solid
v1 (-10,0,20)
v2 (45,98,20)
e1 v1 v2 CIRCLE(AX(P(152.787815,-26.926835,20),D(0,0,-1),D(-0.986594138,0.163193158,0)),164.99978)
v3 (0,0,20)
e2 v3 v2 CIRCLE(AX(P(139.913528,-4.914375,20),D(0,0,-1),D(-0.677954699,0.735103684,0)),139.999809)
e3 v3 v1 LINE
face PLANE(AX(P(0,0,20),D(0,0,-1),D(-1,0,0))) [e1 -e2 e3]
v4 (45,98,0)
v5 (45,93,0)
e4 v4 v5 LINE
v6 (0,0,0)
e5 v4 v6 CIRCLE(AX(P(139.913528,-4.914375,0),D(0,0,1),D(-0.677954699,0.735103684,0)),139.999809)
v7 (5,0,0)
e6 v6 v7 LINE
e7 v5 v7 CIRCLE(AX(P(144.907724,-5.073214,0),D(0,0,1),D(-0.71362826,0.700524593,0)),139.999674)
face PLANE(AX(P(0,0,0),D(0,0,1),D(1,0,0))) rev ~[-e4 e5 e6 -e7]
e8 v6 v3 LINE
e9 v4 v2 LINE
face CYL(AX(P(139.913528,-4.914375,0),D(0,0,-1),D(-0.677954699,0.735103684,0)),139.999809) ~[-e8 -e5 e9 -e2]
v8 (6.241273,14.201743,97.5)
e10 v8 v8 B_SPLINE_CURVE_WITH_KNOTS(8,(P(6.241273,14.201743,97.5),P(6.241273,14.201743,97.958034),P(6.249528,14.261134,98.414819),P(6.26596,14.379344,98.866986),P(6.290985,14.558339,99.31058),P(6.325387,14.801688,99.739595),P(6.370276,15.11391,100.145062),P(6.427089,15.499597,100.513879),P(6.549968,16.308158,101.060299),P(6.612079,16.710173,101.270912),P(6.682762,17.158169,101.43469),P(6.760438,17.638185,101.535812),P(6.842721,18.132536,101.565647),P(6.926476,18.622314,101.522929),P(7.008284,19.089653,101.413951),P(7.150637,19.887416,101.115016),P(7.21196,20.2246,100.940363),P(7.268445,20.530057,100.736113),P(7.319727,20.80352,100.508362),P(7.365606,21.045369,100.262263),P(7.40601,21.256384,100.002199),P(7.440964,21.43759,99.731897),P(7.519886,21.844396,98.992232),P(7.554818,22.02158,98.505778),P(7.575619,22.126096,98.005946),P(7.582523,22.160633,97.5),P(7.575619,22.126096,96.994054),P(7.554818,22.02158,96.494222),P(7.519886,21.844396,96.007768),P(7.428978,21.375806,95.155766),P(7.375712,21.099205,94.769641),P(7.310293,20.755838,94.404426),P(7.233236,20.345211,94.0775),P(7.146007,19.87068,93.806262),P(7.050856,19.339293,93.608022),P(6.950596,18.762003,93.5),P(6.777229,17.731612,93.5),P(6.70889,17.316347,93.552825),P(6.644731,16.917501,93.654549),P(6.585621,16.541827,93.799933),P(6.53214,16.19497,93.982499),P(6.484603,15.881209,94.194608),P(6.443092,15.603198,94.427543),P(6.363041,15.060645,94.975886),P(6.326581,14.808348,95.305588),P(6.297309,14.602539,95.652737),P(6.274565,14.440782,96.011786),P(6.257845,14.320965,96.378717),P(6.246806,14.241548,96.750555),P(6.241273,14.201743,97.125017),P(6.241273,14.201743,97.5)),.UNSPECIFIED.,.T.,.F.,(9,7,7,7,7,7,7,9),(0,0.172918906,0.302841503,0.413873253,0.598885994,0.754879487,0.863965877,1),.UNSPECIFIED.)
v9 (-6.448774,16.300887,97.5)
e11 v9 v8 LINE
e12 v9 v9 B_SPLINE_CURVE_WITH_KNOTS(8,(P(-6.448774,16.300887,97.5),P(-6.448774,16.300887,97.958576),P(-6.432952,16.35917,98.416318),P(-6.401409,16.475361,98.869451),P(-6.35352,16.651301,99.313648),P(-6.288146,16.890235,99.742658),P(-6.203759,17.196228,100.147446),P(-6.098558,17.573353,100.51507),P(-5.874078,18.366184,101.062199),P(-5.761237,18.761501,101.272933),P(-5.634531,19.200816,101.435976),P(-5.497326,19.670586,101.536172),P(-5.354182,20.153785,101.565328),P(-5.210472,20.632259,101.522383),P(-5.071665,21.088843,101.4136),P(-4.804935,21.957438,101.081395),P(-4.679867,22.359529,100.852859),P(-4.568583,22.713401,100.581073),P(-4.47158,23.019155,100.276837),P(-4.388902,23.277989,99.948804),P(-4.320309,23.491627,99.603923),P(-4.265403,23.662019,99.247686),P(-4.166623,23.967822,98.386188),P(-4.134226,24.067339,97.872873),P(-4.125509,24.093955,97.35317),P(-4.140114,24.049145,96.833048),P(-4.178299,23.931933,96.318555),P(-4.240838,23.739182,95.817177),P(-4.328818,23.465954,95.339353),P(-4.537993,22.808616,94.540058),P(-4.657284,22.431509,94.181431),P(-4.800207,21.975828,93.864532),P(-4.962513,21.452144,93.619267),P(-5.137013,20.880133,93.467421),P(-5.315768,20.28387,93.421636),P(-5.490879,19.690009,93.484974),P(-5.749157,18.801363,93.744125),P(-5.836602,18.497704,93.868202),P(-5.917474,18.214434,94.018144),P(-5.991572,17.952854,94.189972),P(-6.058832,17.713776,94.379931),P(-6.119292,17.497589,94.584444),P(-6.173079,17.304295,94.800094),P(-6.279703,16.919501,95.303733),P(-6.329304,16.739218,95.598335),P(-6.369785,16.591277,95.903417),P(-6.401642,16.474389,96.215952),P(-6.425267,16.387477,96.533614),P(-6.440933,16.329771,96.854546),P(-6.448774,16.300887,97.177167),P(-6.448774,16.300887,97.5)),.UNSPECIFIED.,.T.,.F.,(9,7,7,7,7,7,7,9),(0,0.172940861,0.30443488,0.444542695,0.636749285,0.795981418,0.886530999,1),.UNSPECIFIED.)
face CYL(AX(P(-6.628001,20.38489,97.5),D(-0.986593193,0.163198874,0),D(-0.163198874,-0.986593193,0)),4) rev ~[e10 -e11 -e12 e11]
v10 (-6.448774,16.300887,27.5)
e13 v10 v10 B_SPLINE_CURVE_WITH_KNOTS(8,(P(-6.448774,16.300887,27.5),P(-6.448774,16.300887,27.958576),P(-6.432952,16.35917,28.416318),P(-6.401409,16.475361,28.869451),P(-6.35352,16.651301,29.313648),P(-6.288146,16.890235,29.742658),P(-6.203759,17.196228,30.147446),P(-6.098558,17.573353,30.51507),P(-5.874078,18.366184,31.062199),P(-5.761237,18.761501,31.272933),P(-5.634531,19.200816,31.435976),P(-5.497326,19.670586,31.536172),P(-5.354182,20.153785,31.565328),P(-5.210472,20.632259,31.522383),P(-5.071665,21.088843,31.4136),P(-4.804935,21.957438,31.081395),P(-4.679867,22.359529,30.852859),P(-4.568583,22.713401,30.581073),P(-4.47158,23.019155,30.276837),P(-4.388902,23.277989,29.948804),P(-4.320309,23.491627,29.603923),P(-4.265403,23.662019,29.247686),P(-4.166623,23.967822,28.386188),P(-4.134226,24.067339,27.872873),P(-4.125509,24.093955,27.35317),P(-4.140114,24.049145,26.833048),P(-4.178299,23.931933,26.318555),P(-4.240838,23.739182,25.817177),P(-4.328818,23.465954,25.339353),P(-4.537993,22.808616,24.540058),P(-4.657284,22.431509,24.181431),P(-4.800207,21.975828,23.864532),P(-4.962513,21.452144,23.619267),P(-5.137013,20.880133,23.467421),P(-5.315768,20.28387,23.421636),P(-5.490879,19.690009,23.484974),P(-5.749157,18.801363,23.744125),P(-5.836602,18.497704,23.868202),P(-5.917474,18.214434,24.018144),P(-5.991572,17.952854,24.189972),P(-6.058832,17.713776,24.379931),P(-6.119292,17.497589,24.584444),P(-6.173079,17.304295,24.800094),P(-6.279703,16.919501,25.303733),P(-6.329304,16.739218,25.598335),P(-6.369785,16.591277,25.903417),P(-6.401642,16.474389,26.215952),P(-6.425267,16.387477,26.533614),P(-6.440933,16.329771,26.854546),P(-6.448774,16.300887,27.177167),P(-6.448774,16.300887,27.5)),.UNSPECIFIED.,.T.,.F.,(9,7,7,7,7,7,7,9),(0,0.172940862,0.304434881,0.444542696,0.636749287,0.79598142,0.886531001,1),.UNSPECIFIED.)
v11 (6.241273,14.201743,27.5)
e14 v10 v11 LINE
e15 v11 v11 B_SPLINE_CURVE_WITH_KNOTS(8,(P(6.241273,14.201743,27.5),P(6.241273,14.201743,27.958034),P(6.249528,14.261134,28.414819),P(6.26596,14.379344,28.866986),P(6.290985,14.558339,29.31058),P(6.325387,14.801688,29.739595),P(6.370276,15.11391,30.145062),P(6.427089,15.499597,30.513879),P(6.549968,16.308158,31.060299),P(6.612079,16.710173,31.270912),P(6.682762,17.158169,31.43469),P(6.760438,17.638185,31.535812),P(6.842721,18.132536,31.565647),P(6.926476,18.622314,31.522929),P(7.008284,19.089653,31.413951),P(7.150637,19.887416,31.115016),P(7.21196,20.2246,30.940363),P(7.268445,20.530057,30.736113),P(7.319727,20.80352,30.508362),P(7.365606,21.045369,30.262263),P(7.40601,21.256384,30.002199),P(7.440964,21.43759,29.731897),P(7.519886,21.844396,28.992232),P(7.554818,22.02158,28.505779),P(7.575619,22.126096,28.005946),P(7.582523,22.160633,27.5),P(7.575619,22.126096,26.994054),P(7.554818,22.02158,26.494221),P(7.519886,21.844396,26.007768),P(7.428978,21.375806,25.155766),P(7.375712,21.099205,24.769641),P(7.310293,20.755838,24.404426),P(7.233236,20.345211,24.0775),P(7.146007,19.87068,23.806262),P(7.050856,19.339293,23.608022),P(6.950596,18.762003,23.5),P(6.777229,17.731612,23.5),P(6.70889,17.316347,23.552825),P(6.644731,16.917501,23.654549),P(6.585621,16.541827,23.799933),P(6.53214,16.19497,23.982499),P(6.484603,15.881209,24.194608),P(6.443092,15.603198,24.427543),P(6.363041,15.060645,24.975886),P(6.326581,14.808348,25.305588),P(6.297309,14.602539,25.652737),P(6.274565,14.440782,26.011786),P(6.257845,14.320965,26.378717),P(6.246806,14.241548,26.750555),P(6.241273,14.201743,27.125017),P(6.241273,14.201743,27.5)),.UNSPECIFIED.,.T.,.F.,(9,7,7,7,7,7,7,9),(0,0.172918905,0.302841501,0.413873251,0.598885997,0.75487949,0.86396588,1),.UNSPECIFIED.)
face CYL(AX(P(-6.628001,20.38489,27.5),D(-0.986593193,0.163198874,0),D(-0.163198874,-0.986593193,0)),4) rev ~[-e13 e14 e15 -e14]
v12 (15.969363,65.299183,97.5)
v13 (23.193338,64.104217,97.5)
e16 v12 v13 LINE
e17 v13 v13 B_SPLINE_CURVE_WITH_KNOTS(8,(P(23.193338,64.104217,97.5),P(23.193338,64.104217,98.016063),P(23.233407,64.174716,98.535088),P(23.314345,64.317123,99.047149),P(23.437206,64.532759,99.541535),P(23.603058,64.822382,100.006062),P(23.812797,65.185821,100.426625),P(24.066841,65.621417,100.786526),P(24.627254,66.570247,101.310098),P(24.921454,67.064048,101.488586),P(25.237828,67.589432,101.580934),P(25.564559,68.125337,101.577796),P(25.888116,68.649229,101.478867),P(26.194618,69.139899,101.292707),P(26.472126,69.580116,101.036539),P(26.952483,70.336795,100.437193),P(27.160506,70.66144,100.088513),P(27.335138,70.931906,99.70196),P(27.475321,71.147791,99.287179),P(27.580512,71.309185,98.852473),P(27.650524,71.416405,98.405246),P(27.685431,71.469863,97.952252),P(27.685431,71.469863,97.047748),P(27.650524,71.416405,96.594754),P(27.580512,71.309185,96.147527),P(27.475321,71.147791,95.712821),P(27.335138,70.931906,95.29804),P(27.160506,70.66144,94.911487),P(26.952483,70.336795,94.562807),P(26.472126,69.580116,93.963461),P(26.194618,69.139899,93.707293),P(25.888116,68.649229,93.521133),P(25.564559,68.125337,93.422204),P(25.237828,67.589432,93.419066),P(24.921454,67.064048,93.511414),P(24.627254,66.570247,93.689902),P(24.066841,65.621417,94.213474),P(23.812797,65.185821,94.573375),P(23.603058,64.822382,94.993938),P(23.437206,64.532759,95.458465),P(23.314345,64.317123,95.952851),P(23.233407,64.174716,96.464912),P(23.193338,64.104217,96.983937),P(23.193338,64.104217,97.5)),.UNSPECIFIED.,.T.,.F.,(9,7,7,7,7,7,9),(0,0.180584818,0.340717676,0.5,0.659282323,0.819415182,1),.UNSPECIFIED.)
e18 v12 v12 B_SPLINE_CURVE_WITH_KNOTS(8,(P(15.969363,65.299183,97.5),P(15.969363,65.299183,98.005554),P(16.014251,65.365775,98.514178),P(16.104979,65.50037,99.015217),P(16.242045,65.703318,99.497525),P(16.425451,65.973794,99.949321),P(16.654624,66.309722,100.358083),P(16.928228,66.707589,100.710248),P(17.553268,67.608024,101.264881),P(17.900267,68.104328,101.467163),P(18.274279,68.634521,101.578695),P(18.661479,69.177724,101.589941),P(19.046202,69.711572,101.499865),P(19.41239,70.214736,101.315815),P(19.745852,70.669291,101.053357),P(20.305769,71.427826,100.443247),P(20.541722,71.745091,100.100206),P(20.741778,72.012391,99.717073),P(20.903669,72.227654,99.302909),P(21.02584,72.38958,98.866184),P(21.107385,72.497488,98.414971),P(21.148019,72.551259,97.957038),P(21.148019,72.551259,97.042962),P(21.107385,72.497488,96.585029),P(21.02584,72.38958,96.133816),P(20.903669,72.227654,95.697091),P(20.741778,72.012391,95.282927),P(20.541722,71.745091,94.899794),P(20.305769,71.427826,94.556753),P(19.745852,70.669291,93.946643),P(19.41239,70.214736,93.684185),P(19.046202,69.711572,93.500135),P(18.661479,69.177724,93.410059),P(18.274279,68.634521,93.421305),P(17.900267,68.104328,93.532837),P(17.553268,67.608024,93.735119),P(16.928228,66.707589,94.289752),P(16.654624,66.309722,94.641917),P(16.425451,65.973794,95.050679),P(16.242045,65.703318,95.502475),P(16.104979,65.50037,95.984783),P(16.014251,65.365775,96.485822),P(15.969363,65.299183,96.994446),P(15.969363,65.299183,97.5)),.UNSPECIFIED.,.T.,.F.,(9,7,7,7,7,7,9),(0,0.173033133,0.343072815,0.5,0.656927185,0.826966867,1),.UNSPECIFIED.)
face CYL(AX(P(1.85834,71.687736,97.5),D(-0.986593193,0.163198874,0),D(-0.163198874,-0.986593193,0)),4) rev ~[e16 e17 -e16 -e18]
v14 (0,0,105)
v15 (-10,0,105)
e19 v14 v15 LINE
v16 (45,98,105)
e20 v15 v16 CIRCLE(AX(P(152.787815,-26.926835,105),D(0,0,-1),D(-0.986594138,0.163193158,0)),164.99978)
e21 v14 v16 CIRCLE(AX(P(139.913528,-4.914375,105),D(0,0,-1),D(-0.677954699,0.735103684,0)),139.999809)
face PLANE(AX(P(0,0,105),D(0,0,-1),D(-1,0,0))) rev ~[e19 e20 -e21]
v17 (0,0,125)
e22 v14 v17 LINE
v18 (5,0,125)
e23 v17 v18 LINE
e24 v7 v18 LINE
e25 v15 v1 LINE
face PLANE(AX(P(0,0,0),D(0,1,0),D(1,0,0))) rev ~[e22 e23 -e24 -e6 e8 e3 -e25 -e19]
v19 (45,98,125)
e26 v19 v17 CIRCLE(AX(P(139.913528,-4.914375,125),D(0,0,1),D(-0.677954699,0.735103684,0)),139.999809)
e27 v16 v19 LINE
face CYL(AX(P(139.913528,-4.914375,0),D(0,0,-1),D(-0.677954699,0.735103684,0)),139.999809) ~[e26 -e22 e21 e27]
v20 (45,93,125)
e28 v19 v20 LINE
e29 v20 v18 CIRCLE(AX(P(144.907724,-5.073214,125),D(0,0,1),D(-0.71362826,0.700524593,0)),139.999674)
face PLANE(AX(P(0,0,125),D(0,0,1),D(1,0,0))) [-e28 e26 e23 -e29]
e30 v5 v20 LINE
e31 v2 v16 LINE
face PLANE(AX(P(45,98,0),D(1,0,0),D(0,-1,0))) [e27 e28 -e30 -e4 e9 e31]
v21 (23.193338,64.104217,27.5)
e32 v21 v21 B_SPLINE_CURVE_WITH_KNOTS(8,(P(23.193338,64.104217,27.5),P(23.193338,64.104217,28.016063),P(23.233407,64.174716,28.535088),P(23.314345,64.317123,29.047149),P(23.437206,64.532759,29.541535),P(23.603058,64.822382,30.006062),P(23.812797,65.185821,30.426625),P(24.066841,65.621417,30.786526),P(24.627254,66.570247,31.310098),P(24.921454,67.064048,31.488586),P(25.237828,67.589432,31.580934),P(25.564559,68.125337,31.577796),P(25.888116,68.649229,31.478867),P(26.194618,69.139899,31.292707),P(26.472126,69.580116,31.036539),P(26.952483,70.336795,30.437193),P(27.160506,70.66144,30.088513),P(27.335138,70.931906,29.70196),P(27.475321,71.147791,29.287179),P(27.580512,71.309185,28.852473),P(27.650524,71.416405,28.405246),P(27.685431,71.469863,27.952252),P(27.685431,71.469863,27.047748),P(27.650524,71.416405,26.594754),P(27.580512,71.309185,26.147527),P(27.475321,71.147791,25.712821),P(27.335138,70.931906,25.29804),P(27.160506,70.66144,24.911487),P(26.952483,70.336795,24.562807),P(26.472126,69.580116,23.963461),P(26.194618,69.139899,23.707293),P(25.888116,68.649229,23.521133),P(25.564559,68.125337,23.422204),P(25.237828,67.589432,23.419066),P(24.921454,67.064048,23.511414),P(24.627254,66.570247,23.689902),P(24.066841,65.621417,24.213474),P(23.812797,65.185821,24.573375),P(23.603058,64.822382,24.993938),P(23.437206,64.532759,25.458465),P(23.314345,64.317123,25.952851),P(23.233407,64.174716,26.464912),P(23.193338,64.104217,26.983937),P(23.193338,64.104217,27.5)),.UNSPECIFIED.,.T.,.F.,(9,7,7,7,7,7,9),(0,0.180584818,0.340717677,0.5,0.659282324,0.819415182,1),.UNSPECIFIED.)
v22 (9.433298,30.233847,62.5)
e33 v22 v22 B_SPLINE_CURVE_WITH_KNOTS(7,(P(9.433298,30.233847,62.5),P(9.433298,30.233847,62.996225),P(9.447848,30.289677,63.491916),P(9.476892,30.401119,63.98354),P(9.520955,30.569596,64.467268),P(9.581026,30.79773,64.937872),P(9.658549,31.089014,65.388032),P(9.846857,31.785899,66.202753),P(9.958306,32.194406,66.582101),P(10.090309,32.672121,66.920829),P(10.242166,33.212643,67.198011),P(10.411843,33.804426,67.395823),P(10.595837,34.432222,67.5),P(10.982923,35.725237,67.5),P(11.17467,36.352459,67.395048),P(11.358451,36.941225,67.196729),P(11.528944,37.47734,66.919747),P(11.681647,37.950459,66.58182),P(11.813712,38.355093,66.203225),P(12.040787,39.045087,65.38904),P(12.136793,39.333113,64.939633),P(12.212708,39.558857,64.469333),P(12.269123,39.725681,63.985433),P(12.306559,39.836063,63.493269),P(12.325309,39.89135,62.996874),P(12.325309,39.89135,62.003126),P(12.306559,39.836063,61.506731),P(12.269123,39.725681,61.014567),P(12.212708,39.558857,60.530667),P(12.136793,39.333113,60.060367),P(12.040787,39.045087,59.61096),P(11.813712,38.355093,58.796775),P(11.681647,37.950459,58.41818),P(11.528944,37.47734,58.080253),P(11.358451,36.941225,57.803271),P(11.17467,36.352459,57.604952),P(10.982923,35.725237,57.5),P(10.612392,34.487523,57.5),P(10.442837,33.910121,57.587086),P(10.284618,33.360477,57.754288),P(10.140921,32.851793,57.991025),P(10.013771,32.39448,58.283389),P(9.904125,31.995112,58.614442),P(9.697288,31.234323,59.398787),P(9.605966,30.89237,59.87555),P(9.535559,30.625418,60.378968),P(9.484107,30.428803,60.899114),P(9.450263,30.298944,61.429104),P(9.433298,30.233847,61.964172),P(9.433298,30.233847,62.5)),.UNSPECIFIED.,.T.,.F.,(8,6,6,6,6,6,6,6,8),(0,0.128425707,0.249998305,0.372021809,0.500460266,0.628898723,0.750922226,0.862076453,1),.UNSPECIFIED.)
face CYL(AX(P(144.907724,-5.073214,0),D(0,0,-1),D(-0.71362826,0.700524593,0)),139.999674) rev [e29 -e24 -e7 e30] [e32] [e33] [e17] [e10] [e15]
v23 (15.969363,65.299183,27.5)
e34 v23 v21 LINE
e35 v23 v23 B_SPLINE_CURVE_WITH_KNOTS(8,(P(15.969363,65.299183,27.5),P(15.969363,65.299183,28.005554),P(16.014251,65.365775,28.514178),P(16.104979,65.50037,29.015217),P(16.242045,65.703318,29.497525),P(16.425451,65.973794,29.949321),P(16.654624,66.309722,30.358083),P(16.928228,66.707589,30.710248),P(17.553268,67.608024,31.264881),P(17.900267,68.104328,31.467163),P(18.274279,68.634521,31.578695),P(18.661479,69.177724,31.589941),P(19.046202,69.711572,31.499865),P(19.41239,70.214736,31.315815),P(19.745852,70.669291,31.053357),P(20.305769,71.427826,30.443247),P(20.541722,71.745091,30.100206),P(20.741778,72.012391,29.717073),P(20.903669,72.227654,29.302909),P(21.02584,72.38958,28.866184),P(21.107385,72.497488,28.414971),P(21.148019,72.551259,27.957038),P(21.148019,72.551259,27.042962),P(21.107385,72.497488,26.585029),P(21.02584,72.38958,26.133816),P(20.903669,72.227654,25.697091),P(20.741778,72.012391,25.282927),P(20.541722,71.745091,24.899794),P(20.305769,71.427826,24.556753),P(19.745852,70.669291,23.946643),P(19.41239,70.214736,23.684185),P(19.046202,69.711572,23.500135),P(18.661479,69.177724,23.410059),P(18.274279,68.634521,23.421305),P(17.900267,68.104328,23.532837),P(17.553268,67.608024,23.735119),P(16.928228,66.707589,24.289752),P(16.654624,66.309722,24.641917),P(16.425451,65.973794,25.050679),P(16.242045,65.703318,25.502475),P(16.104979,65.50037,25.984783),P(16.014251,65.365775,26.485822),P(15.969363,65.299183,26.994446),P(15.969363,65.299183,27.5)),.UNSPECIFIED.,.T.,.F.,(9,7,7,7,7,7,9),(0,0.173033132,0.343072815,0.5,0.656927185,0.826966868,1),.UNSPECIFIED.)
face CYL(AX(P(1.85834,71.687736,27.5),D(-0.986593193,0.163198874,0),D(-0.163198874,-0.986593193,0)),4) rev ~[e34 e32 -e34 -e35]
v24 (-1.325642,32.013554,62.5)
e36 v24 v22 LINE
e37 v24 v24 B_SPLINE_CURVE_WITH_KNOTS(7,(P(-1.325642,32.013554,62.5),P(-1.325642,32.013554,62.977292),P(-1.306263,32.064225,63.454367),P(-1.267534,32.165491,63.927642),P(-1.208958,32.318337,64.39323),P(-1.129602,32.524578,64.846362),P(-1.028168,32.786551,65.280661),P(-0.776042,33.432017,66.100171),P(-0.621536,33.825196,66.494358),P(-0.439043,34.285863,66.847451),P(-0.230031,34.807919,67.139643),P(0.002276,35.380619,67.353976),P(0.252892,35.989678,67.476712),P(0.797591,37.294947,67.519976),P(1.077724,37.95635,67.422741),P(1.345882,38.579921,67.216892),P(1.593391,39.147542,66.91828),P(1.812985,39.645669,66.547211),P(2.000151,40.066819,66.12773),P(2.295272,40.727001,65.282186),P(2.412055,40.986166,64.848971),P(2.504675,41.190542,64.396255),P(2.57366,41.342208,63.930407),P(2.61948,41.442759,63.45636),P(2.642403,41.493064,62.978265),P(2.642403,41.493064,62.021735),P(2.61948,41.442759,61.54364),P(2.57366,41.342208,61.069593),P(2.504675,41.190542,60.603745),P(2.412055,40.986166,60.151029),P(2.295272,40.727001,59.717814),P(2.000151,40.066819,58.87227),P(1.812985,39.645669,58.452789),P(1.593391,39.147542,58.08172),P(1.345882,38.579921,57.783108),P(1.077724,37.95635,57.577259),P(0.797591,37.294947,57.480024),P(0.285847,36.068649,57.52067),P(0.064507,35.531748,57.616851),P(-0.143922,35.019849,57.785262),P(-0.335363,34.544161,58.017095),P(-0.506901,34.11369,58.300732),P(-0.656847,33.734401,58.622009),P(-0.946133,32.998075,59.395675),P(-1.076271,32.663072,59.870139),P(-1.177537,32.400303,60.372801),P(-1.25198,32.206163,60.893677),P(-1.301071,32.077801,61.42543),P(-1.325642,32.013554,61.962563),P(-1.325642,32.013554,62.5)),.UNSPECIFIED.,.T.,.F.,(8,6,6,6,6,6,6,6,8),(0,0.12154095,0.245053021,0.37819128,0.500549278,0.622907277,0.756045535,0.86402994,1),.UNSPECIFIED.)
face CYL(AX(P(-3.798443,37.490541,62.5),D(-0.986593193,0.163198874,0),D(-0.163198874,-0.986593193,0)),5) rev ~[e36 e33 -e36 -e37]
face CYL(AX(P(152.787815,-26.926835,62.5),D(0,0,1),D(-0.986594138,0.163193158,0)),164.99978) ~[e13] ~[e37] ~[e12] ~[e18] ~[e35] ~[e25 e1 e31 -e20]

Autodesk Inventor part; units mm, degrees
ref_plane "YZ Plane" through (0, 0, 0) normal (1, 0, 0) x (0, 1, 0)
sketch "Sketch1" plane through (0, 0, 0) normal (0, 0, 1) x (1, 0, 0)
  arc A0 (45, 98) -> (0, 0) centre (139.9137, -4.9145) ccw
  line L0 (45, 98) -> (45, 93)
  line L1 (0, 0) -> (5, 0)
  arc A1 (45, 93) -> (5, 0) centre (144.908, -5.0734) ccw
  dimension "d0" = 140
  dimension "d1" = 98
  dimension "d3" = 45
  dimension "d4" = 5
  dimension "d5" = 5
  dimension "d6" = 140
extrude "Extrusion1" add sketch "Sketch1" along normal blind 125
ref_plane "Work Plane1" through (0, 0, 62.5) normal (0, 0, -1) x (-1, 0, 0)
sketch "Sketch3" plane through (0, 0, 62.5) normal (0, 0, -1) x (-1, 0, 0)
  arc A0 (0, 0) -> (-45, 98) centre (-139.9137, -4.9145) ccw projected
  line L0 (0, 0) -> (10, 0)
  arc A1 (10, 0) -> (-45, 98) centre (-152.788, -26.9269) ccw
  arc A2 (0, 0) -> (-45, 98) centre (-139.9137, -4.9145) ccw
  dimension "d19" = 10
  dimension "d20" = 165
extrude "Extrusion3" add sketch "Sketch3" along normal mid plane 85
ref_plane "Work Plane2" through (-10, 0, 62.5) normal (-0.9866, 0.1632, 0) x (-0.1632, -0.9866, 0)
sketch "Sketch2" plane through (-10, 0, 62.5) normal (-0.9866, 0.1632, 0) x (-0.1632, -0.9866, 0)
  circle A0 centre (-20.6619, -35) radius 4
  circle A1 centre (-72.6619, -35) radius 4
  circle A2 centre (-20.6619, 35) radius 4
  circle A3 centre (-72.6619, 35) radius 4
  line L0 (0, 42.5) -> (0, -42.5) projected
  line L1 (-72.6619, 35) -> (-20.6619, 35) construction
  line L2 (-20.6619, 35) -> (-20.6619, -35) construction
  line L3 (-20.6619, -35) -> (-72.6619, -35) construction
  line L4 (-72.6619, -35) -> (-72.6619, 35) construction
  line L5 (-105.6619, -42.5) -> (-105.6619, 42.5) projected
  point P0 (0, 0)
  point P1 (-20.6619, 0)
  point P2 (0, 0)
  dimension "d9" = 8
  dimension "d10" = 8
  dimension "d12" = 52
  dimension "d14" = 8
  dimension "d15" = 8
  dimension "d16" = 70
  dimension "d23" = 33
extrude "Extrusion2" cut sketch "Sketch2" against normal through all
sketch "Sketch4" plane through (-10, 0, 62.5) normal (-0.9866, 0.1632, 0) x (-0.1632, -0.9866, 0)
  circle A0 centre (-38, 0) radius 5
  line L0 (0, 42.5) -> (0, -42.5) projected
  point P0 (-1.6319, -62.5)
  point P1 (0, 0)
  dimension "d24" = 10
  dimension "d25" = 38
extrude "Extrusion4" cut sketch "Sketch4" against normal through all
properties part number "SJ009" material "ABS Plastic"
